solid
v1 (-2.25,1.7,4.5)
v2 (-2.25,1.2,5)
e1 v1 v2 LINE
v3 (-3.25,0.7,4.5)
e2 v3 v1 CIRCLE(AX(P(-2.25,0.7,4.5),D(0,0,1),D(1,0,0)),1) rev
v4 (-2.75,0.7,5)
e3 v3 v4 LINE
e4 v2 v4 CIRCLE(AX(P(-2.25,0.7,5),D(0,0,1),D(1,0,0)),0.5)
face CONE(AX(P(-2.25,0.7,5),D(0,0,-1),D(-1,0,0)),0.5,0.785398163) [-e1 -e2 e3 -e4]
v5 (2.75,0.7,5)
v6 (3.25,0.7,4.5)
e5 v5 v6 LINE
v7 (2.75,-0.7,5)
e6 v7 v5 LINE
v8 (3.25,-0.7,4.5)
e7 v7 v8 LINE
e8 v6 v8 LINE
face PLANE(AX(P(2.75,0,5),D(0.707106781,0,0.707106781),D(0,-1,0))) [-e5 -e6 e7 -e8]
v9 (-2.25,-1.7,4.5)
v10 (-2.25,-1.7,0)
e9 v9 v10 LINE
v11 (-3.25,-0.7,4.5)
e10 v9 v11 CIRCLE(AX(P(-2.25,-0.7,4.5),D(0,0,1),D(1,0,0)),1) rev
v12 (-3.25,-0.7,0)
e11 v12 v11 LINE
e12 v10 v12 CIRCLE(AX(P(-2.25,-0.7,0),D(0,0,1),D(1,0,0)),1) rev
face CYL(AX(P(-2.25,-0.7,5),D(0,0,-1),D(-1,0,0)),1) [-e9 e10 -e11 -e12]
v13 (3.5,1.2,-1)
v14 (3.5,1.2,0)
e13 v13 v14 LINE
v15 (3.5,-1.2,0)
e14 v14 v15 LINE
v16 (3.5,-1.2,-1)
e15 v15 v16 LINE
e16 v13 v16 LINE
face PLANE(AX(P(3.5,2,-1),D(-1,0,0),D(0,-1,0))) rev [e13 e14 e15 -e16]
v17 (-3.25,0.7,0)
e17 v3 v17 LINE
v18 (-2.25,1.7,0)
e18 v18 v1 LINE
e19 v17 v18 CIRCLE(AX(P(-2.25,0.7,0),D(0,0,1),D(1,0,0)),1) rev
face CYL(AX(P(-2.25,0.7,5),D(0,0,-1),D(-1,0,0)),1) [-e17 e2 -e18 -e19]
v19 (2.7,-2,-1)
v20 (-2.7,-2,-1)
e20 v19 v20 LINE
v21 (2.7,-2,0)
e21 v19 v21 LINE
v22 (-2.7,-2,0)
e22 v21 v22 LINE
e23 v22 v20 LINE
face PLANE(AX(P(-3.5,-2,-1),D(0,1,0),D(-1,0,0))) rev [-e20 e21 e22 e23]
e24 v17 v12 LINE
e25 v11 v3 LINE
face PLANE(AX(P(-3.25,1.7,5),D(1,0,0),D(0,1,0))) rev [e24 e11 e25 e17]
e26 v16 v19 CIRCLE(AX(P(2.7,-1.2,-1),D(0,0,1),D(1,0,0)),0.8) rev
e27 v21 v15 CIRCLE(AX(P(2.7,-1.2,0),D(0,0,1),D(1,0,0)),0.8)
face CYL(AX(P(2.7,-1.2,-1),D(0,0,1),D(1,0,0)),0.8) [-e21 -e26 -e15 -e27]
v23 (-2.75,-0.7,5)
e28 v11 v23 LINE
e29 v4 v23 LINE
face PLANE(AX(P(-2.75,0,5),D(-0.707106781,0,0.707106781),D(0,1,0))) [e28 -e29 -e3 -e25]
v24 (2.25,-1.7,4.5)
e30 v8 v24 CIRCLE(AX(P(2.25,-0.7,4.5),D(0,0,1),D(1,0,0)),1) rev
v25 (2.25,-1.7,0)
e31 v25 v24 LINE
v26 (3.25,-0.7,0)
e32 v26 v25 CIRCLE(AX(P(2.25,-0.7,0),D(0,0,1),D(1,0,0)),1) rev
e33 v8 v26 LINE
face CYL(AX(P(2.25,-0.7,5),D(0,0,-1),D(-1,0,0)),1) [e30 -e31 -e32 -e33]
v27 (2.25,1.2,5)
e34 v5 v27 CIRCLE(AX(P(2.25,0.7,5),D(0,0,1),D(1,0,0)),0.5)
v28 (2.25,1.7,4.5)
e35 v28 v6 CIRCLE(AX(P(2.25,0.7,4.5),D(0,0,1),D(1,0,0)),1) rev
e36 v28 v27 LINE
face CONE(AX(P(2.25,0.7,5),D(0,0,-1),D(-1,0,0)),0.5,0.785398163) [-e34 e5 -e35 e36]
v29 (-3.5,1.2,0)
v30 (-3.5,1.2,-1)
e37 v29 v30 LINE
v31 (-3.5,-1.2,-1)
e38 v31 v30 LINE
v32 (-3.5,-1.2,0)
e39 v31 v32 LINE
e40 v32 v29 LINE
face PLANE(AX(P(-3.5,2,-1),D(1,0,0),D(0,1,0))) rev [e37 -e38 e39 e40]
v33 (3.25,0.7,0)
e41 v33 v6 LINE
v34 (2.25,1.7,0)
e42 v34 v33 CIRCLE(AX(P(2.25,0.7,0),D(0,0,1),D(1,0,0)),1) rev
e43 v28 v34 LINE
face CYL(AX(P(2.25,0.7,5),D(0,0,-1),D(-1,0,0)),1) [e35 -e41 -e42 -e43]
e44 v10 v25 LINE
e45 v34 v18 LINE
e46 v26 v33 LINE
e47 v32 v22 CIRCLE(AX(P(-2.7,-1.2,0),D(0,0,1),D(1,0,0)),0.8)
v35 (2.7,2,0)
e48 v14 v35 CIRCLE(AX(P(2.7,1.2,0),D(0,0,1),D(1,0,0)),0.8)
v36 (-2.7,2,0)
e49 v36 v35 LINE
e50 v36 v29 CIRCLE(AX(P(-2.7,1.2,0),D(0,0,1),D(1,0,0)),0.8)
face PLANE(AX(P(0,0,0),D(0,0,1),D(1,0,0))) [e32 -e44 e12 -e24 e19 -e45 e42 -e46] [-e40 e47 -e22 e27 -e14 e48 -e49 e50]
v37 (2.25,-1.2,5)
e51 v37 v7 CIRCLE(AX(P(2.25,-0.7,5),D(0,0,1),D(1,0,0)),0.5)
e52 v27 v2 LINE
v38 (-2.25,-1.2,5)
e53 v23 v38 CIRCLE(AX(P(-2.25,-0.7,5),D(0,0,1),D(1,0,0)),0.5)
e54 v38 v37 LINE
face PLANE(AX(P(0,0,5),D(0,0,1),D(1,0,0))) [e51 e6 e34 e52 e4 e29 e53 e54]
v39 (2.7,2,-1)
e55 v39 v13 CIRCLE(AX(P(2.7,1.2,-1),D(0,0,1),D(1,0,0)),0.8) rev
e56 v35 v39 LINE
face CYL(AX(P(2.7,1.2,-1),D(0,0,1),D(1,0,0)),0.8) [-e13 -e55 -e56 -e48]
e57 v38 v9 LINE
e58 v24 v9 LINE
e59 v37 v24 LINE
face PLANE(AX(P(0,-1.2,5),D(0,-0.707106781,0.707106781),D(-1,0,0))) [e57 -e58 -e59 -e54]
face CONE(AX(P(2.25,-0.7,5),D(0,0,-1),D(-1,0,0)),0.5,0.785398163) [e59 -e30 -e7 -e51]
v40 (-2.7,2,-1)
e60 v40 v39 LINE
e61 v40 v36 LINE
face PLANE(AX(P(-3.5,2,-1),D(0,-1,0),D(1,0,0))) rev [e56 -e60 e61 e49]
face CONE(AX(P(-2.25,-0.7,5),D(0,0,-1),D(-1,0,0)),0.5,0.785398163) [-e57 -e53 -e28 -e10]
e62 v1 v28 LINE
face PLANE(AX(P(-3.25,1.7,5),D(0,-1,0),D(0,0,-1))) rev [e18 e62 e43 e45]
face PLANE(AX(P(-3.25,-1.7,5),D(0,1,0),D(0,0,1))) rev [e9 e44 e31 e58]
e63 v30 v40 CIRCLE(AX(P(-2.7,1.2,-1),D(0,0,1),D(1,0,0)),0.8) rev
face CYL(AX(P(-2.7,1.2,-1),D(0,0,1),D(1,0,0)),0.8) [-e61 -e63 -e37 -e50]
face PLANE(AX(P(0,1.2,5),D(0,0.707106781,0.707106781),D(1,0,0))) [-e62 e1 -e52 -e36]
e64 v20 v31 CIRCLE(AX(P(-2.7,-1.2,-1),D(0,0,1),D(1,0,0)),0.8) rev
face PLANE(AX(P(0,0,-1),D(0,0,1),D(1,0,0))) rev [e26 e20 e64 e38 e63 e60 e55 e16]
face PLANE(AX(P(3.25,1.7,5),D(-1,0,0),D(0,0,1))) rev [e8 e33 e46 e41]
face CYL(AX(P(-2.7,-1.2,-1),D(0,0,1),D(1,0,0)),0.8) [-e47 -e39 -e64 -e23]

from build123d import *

# Parameters (mm, degrees)
SKETCH_1_W      = 6.5
SKETCH_1_H      = 3.4
EXTRUDE_1_DEPTH = 5
FILLET_1_R      = 1
CHAMFER_1_SIZE  = 0.5
SKETCH_2_W      = 7
SKETCH_2_H      = 4
EXTRUDE_2_DEPTH = 1
FILLET_2_R      = 0.8


with BuildPart() as part:
    # 草图1 → 凸台-拉伸1 (new body)
    with BuildSketch(Plane.XY):
        Rectangle(SKETCH_1_W, SKETCH_1_H)
    extrude(amount=EXTRUDE_1_DEPTH)

    # 圆角1
    fillet_1_edges = [part.edges().sort_by_distance(p)[0] for p in [
        (3.25, -1.7, 2.5),
        (-3.25, -1.7, 2.5),
        (-3.25, 1.7, 2.5),
        (3.25, 1.7, 2.5),
    ]]
    fillet(fillet_1_edges, radius=FILLET_1_R)

    # 倒角1
    chamfer_1_edges = [part.edges().sort_by_distance(p)[0] for p in [
        (-3.25, 0, 5),
        (0, 1.7, 5),
        (3.25, 0, 5),
        (0, -1.7, 5),
        (-2.957106781, -1.407106781, 5),
        (2.957106781, -1.407106781, 5),
        (2.957106781, 1.407106781, 5),
        (-2.957106781, 1.407106781, 5),
    ]]
    chamfer(chamfer_1_edges, length=CHAMFER_1_SIZE)

    # 草图2 → 凸台-拉伸2 (add)
    with BuildSketch(Plane(origin=(0, 0, 0), x_dir=(-1, 0, 0), z_dir=(0, 0, -1))):
        Rectangle(SKETCH_2_W, SKETCH_2_H)
    extrude(amount=EXTRUDE_2_DEPTH)

    # 圆角2
    fillet_2_edges = [part.edges().sort_by_distance(p)[0] for p in [
        (3.5, 2, -0.5),
        (3.5, -2, -0.5),
        (-3.5, -2, -0.5),
        (-3.5, 2, -0.5),
    ]]
    fillet(fillet_2_edges, radius=FILLET_2_R)


solid = part.part
